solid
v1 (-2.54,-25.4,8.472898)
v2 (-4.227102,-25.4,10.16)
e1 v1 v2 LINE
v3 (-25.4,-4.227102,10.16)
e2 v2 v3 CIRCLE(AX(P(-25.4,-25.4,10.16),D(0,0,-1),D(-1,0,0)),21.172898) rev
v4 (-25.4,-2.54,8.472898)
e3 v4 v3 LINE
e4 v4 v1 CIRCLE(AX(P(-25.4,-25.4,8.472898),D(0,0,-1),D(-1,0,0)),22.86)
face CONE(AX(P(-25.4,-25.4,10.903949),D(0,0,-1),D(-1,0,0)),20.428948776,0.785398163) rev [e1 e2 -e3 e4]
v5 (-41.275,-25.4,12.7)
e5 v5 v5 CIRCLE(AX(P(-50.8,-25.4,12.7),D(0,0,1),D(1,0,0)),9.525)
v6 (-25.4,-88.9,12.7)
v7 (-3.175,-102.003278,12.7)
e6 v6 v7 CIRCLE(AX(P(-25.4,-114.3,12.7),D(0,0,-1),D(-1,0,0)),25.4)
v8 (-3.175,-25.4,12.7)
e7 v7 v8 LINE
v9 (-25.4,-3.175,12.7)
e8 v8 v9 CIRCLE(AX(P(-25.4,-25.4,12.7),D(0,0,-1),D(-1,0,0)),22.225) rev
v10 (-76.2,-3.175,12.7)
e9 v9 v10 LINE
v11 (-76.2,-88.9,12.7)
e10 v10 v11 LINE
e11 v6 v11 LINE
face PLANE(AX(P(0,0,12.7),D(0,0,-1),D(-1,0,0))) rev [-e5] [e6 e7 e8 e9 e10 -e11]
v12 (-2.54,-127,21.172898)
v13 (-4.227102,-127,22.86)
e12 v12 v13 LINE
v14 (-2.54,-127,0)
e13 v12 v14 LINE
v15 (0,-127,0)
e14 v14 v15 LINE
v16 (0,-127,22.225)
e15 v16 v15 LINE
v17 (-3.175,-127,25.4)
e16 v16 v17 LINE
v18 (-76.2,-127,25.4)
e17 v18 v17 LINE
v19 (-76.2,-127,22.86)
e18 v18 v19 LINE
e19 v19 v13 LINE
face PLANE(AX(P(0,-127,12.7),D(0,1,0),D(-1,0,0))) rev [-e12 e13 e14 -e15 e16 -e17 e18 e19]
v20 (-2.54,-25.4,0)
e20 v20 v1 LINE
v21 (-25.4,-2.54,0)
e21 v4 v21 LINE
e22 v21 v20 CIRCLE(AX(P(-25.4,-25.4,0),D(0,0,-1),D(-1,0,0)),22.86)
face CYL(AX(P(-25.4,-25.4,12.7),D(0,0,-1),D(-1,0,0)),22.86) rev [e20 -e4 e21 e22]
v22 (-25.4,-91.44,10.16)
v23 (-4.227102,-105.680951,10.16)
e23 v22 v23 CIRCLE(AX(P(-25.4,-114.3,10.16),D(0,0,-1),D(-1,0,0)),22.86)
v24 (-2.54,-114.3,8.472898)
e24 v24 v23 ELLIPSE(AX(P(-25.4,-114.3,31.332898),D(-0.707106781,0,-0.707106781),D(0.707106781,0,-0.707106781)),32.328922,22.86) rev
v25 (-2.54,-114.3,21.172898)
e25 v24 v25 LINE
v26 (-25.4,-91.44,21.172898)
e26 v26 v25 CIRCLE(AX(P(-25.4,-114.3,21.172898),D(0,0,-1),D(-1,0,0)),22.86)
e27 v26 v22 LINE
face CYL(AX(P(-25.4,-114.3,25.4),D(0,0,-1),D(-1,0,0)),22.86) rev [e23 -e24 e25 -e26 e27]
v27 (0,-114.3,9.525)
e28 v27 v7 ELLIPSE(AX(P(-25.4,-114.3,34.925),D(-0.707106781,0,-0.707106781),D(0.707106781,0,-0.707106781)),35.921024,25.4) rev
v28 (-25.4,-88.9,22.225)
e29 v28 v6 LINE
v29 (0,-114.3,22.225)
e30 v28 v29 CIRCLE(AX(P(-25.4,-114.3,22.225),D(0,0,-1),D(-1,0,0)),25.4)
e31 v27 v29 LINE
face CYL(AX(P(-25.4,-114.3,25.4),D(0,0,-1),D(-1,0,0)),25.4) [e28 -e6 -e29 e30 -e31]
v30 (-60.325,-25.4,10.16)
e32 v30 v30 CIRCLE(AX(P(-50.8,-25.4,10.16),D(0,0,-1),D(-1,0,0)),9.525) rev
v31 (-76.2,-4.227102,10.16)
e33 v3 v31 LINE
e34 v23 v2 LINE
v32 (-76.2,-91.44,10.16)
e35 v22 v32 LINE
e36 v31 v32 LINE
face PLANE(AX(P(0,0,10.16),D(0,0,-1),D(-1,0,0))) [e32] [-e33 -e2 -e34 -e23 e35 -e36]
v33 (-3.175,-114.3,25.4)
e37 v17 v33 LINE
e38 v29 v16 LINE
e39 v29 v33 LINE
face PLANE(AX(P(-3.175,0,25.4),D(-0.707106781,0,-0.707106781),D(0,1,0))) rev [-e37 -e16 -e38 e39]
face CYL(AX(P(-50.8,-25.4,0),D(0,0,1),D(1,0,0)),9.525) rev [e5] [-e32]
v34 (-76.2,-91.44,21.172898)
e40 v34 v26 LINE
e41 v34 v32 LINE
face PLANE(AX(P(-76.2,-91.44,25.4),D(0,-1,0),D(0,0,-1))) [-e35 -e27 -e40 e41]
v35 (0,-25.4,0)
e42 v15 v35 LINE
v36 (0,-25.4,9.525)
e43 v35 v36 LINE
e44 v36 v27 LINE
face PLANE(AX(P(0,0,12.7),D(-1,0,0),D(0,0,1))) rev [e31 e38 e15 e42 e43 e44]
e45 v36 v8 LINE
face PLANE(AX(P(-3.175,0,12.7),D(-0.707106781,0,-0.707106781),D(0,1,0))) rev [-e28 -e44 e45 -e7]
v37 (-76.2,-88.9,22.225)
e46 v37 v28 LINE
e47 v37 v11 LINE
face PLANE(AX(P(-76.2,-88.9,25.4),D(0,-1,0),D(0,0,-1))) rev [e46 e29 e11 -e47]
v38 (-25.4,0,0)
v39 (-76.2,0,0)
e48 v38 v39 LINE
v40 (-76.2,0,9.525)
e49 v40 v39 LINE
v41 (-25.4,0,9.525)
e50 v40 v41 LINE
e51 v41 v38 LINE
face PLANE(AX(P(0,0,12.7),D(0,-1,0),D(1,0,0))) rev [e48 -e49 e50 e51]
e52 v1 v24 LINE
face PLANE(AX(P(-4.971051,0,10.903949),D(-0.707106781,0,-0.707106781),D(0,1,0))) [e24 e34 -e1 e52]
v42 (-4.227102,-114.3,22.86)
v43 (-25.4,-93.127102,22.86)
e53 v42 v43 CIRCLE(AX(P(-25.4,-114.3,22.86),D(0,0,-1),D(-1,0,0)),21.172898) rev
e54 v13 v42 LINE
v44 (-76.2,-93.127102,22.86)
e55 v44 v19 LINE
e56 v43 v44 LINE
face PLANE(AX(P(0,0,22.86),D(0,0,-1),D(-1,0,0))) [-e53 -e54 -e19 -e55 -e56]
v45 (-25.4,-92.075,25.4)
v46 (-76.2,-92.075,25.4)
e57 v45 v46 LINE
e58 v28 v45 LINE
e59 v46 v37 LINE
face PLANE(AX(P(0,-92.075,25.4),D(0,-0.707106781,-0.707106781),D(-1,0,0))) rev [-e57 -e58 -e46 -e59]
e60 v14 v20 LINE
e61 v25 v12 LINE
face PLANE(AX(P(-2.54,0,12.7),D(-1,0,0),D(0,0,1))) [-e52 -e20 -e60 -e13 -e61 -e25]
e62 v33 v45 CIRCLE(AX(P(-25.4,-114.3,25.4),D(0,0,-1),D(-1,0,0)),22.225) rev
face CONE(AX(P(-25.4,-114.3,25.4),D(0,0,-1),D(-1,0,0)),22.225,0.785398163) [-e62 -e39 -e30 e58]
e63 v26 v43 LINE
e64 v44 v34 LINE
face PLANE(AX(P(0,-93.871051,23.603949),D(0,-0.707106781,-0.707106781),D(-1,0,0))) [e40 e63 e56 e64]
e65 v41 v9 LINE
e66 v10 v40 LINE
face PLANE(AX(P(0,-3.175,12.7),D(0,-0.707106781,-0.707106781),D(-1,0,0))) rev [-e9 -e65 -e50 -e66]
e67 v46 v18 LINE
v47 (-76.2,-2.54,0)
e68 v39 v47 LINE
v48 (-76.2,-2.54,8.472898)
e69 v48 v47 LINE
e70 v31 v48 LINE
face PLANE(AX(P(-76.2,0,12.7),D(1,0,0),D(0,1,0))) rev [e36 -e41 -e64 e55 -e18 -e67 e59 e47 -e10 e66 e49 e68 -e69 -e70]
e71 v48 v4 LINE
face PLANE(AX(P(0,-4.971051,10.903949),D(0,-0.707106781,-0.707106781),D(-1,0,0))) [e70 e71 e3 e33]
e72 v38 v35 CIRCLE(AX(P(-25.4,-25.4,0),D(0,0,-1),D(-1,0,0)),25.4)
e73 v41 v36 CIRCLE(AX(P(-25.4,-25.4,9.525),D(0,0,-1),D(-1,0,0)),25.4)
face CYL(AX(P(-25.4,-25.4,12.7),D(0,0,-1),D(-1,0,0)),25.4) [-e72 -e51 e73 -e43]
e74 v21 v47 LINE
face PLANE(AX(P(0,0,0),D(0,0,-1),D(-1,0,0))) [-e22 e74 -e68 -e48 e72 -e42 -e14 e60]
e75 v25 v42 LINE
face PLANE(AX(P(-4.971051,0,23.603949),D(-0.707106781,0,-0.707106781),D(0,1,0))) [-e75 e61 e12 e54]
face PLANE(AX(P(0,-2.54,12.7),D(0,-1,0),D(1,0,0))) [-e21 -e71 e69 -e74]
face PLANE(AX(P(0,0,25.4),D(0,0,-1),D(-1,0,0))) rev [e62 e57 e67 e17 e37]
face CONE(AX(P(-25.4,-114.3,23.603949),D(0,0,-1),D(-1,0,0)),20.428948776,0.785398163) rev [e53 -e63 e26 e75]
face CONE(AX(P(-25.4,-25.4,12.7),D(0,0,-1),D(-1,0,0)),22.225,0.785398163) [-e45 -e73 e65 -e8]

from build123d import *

# Parameters (mm, degrees)
SKETCH1_W           = 76.2
SKETCH1_H           = 127
BOSS_EXTRUDE1_DEPTH = 12.7
SKETCH2_W           = 76.2
SKETCH2_H           = 38.1
BOSS_EXTRUDE2_DEPTH = 12.7
SKETCH3_R           = 9.525
CUT_EXTRUDE1_DEPTH  = 149.649688866
FILLET1_R           = 25.4
CHAMFER1_SIZE       = 3.175
SHELL1_T            = -2.54


with BuildPart() as part:
    # Sketch1 → Boss-Extrude1 (new body)
    with BuildSketch(Plane.XY):
        with Locations((-38.1, -63.5)):
            Rectangle(SKETCH1_W, SKETCH1_H)
    extrude(amount=BOSS_EXTRUDE1_DEPTH)

    # Sketch2 → Boss-Extrude2 (add)
    with BuildSketch(Plane.XY.offset(12.7)):
        with Locations((-38.1, -107.95)):
            Rectangle(SKETCH2_W, SKETCH2_H)
    extrude(amount=BOSS_EXTRUDE2_DEPTH)

    # Sketch3 → Cut-Extrude1 (cut, through all)
    with BuildSketch(Plane.XY.offset(12.7)):
        with Locations((-50.8, -25.4)):
            Circle(SKETCH3_R)
    extrude(amount=-CUT_EXTRUDE1_DEPTH, mode=Mode.SUBTRACT)

    # Fillet1
    fillet1_edges = [part.edges().sort_by_distance(p)[0] for p in [
        (0, -88.9, 19.05),
        (0, 0, 6.35),
    ]]
    fillet(fillet1_edges, radius=FILLET1_R)

    # Chamfer1
    chamfer1_edges = [part.edges().sort_by_distance(p)[0] for p in [
        (0, -69.85, 12.7),
        (0, -120.65, 25.4),
        (-50.8, -88.9, 25.4),
        (-7.439487758, -96.339487758, 25.4),
        (-50.8, 0, 12.7),
        (-7.439487758, -7.439487758, 12.7),
    ]]
    chamfer(chamfer1_edges, length=CHAMFER1_SIZE)

    # Shell1
    shell1_openings = [part.faces().sort_by_distance(p)[0] for p in [
        (-60.325, -25.4, 6.35),
        (-38.193985292, -65.538658625, 0),
        (-38.196714534, -127, 12.669604003),
        (-76.2, -73.894162641, 9.238687601),
    ]]
    offset(amount=SHELL1_T, openings=shell1_openings, kind=Kind.INTERSECTION)


solid = part.part
